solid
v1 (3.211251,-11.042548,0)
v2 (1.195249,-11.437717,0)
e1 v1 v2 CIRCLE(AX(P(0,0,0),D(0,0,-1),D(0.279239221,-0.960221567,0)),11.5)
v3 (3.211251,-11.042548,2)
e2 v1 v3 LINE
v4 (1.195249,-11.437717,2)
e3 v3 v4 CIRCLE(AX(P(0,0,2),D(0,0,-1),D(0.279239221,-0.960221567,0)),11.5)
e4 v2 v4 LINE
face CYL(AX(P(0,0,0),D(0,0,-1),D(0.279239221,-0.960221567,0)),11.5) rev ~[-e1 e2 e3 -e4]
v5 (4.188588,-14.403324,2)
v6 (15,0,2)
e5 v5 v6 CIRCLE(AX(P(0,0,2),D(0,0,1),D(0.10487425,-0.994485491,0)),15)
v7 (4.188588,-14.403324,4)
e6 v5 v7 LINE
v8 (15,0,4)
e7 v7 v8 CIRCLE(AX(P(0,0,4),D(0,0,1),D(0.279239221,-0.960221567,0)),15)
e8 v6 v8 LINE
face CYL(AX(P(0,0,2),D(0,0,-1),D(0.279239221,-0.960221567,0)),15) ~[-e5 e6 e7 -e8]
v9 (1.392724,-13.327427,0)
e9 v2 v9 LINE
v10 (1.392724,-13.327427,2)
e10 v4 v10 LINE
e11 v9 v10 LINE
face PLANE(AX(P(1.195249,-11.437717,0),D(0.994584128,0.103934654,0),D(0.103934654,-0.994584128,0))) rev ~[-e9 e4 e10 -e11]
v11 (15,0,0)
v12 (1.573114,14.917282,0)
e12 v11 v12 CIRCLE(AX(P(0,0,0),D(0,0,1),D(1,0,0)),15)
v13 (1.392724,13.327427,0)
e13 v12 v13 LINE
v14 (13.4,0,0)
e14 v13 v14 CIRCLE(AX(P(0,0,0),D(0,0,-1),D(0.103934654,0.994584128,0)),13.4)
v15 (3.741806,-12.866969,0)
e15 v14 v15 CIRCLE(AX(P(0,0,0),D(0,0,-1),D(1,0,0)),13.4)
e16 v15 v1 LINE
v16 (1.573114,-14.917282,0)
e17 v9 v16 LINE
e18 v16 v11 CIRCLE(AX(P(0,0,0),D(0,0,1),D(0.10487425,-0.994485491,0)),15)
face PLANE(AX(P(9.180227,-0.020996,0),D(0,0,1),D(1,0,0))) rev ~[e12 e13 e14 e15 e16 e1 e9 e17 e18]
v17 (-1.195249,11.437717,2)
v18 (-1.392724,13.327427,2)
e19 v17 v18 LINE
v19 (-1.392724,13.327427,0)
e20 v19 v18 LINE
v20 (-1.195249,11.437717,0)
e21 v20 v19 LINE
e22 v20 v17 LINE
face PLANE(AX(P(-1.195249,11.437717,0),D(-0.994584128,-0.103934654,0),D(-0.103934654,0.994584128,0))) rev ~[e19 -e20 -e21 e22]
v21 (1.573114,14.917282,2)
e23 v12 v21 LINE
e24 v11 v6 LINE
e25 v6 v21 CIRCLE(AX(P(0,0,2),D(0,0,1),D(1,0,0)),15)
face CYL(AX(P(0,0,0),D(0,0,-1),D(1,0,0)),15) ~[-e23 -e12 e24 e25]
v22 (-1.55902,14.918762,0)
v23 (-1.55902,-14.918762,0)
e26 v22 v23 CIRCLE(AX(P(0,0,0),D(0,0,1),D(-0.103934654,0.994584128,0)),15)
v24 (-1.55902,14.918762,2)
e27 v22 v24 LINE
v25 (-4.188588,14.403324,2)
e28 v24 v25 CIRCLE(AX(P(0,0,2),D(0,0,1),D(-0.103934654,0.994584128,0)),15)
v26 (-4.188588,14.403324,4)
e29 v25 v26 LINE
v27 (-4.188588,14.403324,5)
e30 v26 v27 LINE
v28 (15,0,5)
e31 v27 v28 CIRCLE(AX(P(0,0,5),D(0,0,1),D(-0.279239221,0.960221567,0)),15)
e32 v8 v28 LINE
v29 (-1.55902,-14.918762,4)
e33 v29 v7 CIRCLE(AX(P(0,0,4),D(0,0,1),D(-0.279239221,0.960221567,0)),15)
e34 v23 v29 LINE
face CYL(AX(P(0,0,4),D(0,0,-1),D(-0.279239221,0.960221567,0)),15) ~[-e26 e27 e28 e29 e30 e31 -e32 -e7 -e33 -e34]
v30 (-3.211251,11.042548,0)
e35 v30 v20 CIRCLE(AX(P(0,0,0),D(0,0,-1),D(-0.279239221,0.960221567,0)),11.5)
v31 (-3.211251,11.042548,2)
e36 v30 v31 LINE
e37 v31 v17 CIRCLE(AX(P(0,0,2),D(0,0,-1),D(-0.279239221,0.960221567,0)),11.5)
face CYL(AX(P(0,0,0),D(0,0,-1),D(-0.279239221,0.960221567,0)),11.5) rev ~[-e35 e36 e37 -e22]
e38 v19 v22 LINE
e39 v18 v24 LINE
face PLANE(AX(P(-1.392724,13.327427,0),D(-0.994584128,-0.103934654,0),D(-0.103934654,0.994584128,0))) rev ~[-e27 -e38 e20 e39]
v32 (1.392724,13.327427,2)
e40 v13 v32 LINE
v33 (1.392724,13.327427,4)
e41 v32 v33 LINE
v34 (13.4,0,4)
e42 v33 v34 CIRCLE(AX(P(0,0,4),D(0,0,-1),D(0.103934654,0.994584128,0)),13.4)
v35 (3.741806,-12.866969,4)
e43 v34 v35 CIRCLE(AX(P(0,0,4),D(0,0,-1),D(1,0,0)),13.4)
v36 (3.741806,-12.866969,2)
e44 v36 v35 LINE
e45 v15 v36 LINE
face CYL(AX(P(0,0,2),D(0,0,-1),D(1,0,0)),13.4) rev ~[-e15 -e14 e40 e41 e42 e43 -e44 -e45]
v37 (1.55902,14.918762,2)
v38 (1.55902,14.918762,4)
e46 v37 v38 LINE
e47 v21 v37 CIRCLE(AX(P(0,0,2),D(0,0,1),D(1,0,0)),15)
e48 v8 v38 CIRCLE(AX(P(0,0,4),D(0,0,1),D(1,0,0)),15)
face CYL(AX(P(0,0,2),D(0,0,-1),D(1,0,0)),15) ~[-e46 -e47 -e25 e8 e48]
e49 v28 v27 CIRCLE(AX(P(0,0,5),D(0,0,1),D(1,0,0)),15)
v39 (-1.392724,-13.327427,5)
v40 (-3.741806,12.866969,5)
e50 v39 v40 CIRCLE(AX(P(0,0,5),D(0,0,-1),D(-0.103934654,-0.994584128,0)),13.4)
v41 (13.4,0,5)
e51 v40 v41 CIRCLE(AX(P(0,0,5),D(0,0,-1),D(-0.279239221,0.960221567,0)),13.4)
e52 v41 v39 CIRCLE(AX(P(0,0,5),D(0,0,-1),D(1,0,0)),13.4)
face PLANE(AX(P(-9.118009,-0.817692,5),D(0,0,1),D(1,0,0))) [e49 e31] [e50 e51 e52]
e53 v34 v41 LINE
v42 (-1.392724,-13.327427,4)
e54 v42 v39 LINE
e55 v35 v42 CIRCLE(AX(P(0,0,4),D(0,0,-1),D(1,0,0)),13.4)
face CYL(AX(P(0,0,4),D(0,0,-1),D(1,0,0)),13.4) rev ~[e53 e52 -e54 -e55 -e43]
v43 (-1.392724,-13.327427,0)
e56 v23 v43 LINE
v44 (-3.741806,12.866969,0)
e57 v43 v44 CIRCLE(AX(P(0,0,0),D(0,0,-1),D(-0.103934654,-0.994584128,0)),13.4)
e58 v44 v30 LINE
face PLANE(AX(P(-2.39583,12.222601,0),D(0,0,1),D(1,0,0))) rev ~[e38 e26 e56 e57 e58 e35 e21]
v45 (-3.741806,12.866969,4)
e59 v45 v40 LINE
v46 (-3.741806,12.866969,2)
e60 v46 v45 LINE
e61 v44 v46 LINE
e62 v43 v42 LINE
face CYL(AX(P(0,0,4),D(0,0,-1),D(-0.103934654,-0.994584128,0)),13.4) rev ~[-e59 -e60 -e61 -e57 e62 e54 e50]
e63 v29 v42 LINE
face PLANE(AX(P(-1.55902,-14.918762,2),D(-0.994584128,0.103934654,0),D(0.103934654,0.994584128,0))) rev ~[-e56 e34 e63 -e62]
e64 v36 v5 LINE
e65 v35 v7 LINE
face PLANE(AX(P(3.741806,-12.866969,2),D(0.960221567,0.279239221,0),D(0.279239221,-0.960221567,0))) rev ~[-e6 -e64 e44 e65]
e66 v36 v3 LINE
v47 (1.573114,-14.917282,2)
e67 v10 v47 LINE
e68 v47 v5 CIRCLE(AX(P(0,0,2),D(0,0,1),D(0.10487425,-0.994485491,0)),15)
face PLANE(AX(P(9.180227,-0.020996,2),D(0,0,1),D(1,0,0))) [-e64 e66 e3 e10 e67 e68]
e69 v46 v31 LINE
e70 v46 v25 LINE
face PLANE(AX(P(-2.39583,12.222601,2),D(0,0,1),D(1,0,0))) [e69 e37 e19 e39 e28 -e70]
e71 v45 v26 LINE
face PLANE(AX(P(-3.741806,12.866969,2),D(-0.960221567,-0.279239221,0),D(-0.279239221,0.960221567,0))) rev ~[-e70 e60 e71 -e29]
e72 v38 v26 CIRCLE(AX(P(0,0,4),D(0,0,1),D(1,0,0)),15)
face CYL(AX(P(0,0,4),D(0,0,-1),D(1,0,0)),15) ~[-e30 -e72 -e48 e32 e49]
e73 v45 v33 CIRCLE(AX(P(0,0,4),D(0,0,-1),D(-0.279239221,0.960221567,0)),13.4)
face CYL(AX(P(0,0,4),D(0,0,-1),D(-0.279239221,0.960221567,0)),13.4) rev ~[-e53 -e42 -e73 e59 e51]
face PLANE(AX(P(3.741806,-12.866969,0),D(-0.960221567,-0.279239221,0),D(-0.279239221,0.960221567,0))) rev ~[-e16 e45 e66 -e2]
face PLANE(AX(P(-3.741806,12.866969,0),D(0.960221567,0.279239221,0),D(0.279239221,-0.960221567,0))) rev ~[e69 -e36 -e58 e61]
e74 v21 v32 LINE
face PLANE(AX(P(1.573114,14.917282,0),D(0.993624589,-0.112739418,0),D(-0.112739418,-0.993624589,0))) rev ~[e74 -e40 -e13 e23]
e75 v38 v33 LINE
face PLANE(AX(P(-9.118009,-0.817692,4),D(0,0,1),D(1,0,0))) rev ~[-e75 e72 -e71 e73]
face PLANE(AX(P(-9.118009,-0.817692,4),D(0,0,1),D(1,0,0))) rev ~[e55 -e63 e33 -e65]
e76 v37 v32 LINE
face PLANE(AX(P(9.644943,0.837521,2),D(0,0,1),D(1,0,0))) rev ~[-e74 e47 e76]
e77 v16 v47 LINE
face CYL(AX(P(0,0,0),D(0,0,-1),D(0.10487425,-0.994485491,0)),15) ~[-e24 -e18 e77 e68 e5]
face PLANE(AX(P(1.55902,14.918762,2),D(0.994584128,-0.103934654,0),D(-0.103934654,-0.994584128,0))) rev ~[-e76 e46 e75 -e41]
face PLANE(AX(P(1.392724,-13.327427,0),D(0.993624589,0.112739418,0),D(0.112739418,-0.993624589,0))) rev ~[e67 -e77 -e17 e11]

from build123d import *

# Parameters (mm, degrees)
F1_DEPTH = 2
F3_DEPTH = 2
F5_DEPTH = 1


with BuildPart() as f1:
    # F0 (on Top) → F1 (new body)
    with BuildSketch(Plane.XY):
        with BuildLine():
            Line((-1.1952485209, 11.4377174722), (-1.3927243635, 13.3274273154))
            ThreePointArc((-1.3927243635, 13.3274273154), (-2.5775676265, 13.1497583678), (-3.7418055675, 12.8669689941))
            Line((-3.7418055675, 12.8669689941), (-3.2112510467, 11.0425480173))
            ThreePointArc((-3.2112510467, 11.0425480173), (-2.2120916198, 11.2852403902), (-1.1952485209, 11.4377174722))
        make_face()
        with BuildLine():
            Line((-1.3927243635, 13.3274273154), (-1.5590198098, 14.9187619202))
            ThreePointArc((-1.5590198098, 14.9187619202), (-15, 0), (-1.5590198098, -14.9187619202))
            Line((-1.5590198098, -14.9187619202), (-1.3927243635, -13.3274273154))
            ThreePointArc((-1.3927243635, -13.3274273154), (-13.3464395592, -1.1968922642), (-3.7418055675, 12.8669689941))
            ThreePointArc((-3.7418055675, 12.8669689941), (-2.5775676265, 13.1497583678), (-1.3927243635, 13.3274273154))
        make_face()
    extrude(amount=F1_DEPTH)

    # F2 (on face) → F3, piece 2 (join)
    with BuildSketch(Plane.XY.offset(2)):
        with BuildLine():
            ThreePointArc((-4.1885883218, 14.4033235009), (-14.9400442827, -1.3398047734), (-1.5590198098, -14.9187619202))
            Line((-1.5590198098, -14.9187619202), (-1.3927243635, -13.3274273154))
            ThreePointArc((-1.3927243635, -13.3274273154), (-13.3464395592, -1.1968922642), (-3.7418055675, 12.8669689941))
            Line((-3.7418055675, 12.8669689941), (-4.1885883218, 14.4033235009))
        make_face()
    extrude(amount=F3_DEPTH)



with BuildPart() as f1b:
    # F0 (on Top) → F1, piece 2 (new body)
    with BuildSketch(Plane.XY):
        with BuildLine():
            ThreePointArc((1.5731137528, -14.9172823638), (11.1489171289, -10.0350210191), (15, 0))
            ThreePointArc((15, 0), (11.1489171289, 10.0350210191), (1.5731137528, 14.9172823638))
            Line((1.5731137528, 14.9172823638), (1.3927243635, 13.3274273154))
            ThreePointArc((1.3927243635, 13.3274273154), (9.9554634867, 8.9693225366), (13.4, 0))
            ThreePointArc((13.4, 0), (10.7168137663, -8.0442465587), (3.7418055675, -12.8669689941))
            ThreePointArc((3.7418055675, -12.8669689941), (2.5775676265, -13.1497583678), (1.3927243635, -13.3274273154))
            Line((1.3927243635, -13.3274273154), (1.5731137528, -14.9172823638))
        make_face()
        with BuildLine():
            Line((1.1952485209, -11.4377174722), (1.3927243635, -13.3274273154))
            ThreePointArc((1.3927243635, -13.3274273154), (2.5775676265, -13.1497583678), (3.7418055675, -12.8669689941))
            Line((3.7418055675, -12.8669689941), (3.2112510467, -11.0425480173))
            ThreePointArc((3.2112510467, -11.0425480173), (2.2120916198, -11.2852403902), (1.1952485209, -11.4377174722))
        make_face()
    extrude(amount=F1_DEPTH)

    # F2 (on face) → F3 (join)
    with BuildSketch(Plane.XY.offset(2)):
        with BuildLine():
            ThreePointArc((4.1885883218, -14.4033235009), (11.9964333205, -9.0047536105), (15, 0))
            ThreePointArc((15, 0), (11.1441755448, 10.0402864215), (1.5590198098, 14.9187619202))
            Line((1.5590198098, 14.9187619202), (1.3927243635, 13.3274273154))
            ThreePointArc((1.3927243635, 13.3274273154), (9.9554634867, 8.9693225366), (13.4, 0))
            ThreePointArc((13.4, 0), (10.7168137663, -8.0442465587), (3.7418055675, -12.8669689941))
            Line((3.7418055675, -12.8669689941), (4.1885883218, -14.4033235009))
        make_face()
    extrude(amount=F3_DEPTH)


with BuildPart() as f1_1:
    add(f1.part)

    add(f1b.part)  # F5 merges F1b
    # F4 (on face) → F5 (join)
    with BuildSketch(Plane.XY.offset(4)):
        with BuildLine():
            Line((-3.7418055675, 12.8669689941), (-4.1885883218, 14.4033235009))
            ThreePointArc((-4.1885883218, 14.4033235009), (-14.9400442827, -1.3398047734), (-1.5590198098, -14.9187619202))
            Line((-1.5590198098, -14.9187619202), (-1.3927243635, -13.3274273154))
            ThreePointArc((-1.3927243635, -13.3274273154), (-13.3464395592, -1.1968922642), (-3.7418055675, 12.8669689941))
        make_face()
        with BuildLine():
            ThreePointArc((-1.5590198098, -14.9187619202), (10.0402864215, -11.1441755448), (15, 0))
            ThreePointArc((15, 0), (9.0047536105, 11.9964333205), (-4.1885883218, 14.4033235009))
            Line((-4.1885883218, 14.4033235009), (-3.7418055675, 12.8669689941))
            ThreePointArc((-3.7418055675, 12.8669689941), (8.0442465587, 10.7168137663), (13.4, 0))
            ThreePointArc((13.4, 0), (8.9693225366, -9.9554634867), (-1.3927243635, -13.3274273154))
            Line((-1.3927243635, -13.3274273154), (-1.5590198098, -14.9187619202))
        make_face()
    extrude(amount=F5_DEPTH)


solid = f1_1.part
